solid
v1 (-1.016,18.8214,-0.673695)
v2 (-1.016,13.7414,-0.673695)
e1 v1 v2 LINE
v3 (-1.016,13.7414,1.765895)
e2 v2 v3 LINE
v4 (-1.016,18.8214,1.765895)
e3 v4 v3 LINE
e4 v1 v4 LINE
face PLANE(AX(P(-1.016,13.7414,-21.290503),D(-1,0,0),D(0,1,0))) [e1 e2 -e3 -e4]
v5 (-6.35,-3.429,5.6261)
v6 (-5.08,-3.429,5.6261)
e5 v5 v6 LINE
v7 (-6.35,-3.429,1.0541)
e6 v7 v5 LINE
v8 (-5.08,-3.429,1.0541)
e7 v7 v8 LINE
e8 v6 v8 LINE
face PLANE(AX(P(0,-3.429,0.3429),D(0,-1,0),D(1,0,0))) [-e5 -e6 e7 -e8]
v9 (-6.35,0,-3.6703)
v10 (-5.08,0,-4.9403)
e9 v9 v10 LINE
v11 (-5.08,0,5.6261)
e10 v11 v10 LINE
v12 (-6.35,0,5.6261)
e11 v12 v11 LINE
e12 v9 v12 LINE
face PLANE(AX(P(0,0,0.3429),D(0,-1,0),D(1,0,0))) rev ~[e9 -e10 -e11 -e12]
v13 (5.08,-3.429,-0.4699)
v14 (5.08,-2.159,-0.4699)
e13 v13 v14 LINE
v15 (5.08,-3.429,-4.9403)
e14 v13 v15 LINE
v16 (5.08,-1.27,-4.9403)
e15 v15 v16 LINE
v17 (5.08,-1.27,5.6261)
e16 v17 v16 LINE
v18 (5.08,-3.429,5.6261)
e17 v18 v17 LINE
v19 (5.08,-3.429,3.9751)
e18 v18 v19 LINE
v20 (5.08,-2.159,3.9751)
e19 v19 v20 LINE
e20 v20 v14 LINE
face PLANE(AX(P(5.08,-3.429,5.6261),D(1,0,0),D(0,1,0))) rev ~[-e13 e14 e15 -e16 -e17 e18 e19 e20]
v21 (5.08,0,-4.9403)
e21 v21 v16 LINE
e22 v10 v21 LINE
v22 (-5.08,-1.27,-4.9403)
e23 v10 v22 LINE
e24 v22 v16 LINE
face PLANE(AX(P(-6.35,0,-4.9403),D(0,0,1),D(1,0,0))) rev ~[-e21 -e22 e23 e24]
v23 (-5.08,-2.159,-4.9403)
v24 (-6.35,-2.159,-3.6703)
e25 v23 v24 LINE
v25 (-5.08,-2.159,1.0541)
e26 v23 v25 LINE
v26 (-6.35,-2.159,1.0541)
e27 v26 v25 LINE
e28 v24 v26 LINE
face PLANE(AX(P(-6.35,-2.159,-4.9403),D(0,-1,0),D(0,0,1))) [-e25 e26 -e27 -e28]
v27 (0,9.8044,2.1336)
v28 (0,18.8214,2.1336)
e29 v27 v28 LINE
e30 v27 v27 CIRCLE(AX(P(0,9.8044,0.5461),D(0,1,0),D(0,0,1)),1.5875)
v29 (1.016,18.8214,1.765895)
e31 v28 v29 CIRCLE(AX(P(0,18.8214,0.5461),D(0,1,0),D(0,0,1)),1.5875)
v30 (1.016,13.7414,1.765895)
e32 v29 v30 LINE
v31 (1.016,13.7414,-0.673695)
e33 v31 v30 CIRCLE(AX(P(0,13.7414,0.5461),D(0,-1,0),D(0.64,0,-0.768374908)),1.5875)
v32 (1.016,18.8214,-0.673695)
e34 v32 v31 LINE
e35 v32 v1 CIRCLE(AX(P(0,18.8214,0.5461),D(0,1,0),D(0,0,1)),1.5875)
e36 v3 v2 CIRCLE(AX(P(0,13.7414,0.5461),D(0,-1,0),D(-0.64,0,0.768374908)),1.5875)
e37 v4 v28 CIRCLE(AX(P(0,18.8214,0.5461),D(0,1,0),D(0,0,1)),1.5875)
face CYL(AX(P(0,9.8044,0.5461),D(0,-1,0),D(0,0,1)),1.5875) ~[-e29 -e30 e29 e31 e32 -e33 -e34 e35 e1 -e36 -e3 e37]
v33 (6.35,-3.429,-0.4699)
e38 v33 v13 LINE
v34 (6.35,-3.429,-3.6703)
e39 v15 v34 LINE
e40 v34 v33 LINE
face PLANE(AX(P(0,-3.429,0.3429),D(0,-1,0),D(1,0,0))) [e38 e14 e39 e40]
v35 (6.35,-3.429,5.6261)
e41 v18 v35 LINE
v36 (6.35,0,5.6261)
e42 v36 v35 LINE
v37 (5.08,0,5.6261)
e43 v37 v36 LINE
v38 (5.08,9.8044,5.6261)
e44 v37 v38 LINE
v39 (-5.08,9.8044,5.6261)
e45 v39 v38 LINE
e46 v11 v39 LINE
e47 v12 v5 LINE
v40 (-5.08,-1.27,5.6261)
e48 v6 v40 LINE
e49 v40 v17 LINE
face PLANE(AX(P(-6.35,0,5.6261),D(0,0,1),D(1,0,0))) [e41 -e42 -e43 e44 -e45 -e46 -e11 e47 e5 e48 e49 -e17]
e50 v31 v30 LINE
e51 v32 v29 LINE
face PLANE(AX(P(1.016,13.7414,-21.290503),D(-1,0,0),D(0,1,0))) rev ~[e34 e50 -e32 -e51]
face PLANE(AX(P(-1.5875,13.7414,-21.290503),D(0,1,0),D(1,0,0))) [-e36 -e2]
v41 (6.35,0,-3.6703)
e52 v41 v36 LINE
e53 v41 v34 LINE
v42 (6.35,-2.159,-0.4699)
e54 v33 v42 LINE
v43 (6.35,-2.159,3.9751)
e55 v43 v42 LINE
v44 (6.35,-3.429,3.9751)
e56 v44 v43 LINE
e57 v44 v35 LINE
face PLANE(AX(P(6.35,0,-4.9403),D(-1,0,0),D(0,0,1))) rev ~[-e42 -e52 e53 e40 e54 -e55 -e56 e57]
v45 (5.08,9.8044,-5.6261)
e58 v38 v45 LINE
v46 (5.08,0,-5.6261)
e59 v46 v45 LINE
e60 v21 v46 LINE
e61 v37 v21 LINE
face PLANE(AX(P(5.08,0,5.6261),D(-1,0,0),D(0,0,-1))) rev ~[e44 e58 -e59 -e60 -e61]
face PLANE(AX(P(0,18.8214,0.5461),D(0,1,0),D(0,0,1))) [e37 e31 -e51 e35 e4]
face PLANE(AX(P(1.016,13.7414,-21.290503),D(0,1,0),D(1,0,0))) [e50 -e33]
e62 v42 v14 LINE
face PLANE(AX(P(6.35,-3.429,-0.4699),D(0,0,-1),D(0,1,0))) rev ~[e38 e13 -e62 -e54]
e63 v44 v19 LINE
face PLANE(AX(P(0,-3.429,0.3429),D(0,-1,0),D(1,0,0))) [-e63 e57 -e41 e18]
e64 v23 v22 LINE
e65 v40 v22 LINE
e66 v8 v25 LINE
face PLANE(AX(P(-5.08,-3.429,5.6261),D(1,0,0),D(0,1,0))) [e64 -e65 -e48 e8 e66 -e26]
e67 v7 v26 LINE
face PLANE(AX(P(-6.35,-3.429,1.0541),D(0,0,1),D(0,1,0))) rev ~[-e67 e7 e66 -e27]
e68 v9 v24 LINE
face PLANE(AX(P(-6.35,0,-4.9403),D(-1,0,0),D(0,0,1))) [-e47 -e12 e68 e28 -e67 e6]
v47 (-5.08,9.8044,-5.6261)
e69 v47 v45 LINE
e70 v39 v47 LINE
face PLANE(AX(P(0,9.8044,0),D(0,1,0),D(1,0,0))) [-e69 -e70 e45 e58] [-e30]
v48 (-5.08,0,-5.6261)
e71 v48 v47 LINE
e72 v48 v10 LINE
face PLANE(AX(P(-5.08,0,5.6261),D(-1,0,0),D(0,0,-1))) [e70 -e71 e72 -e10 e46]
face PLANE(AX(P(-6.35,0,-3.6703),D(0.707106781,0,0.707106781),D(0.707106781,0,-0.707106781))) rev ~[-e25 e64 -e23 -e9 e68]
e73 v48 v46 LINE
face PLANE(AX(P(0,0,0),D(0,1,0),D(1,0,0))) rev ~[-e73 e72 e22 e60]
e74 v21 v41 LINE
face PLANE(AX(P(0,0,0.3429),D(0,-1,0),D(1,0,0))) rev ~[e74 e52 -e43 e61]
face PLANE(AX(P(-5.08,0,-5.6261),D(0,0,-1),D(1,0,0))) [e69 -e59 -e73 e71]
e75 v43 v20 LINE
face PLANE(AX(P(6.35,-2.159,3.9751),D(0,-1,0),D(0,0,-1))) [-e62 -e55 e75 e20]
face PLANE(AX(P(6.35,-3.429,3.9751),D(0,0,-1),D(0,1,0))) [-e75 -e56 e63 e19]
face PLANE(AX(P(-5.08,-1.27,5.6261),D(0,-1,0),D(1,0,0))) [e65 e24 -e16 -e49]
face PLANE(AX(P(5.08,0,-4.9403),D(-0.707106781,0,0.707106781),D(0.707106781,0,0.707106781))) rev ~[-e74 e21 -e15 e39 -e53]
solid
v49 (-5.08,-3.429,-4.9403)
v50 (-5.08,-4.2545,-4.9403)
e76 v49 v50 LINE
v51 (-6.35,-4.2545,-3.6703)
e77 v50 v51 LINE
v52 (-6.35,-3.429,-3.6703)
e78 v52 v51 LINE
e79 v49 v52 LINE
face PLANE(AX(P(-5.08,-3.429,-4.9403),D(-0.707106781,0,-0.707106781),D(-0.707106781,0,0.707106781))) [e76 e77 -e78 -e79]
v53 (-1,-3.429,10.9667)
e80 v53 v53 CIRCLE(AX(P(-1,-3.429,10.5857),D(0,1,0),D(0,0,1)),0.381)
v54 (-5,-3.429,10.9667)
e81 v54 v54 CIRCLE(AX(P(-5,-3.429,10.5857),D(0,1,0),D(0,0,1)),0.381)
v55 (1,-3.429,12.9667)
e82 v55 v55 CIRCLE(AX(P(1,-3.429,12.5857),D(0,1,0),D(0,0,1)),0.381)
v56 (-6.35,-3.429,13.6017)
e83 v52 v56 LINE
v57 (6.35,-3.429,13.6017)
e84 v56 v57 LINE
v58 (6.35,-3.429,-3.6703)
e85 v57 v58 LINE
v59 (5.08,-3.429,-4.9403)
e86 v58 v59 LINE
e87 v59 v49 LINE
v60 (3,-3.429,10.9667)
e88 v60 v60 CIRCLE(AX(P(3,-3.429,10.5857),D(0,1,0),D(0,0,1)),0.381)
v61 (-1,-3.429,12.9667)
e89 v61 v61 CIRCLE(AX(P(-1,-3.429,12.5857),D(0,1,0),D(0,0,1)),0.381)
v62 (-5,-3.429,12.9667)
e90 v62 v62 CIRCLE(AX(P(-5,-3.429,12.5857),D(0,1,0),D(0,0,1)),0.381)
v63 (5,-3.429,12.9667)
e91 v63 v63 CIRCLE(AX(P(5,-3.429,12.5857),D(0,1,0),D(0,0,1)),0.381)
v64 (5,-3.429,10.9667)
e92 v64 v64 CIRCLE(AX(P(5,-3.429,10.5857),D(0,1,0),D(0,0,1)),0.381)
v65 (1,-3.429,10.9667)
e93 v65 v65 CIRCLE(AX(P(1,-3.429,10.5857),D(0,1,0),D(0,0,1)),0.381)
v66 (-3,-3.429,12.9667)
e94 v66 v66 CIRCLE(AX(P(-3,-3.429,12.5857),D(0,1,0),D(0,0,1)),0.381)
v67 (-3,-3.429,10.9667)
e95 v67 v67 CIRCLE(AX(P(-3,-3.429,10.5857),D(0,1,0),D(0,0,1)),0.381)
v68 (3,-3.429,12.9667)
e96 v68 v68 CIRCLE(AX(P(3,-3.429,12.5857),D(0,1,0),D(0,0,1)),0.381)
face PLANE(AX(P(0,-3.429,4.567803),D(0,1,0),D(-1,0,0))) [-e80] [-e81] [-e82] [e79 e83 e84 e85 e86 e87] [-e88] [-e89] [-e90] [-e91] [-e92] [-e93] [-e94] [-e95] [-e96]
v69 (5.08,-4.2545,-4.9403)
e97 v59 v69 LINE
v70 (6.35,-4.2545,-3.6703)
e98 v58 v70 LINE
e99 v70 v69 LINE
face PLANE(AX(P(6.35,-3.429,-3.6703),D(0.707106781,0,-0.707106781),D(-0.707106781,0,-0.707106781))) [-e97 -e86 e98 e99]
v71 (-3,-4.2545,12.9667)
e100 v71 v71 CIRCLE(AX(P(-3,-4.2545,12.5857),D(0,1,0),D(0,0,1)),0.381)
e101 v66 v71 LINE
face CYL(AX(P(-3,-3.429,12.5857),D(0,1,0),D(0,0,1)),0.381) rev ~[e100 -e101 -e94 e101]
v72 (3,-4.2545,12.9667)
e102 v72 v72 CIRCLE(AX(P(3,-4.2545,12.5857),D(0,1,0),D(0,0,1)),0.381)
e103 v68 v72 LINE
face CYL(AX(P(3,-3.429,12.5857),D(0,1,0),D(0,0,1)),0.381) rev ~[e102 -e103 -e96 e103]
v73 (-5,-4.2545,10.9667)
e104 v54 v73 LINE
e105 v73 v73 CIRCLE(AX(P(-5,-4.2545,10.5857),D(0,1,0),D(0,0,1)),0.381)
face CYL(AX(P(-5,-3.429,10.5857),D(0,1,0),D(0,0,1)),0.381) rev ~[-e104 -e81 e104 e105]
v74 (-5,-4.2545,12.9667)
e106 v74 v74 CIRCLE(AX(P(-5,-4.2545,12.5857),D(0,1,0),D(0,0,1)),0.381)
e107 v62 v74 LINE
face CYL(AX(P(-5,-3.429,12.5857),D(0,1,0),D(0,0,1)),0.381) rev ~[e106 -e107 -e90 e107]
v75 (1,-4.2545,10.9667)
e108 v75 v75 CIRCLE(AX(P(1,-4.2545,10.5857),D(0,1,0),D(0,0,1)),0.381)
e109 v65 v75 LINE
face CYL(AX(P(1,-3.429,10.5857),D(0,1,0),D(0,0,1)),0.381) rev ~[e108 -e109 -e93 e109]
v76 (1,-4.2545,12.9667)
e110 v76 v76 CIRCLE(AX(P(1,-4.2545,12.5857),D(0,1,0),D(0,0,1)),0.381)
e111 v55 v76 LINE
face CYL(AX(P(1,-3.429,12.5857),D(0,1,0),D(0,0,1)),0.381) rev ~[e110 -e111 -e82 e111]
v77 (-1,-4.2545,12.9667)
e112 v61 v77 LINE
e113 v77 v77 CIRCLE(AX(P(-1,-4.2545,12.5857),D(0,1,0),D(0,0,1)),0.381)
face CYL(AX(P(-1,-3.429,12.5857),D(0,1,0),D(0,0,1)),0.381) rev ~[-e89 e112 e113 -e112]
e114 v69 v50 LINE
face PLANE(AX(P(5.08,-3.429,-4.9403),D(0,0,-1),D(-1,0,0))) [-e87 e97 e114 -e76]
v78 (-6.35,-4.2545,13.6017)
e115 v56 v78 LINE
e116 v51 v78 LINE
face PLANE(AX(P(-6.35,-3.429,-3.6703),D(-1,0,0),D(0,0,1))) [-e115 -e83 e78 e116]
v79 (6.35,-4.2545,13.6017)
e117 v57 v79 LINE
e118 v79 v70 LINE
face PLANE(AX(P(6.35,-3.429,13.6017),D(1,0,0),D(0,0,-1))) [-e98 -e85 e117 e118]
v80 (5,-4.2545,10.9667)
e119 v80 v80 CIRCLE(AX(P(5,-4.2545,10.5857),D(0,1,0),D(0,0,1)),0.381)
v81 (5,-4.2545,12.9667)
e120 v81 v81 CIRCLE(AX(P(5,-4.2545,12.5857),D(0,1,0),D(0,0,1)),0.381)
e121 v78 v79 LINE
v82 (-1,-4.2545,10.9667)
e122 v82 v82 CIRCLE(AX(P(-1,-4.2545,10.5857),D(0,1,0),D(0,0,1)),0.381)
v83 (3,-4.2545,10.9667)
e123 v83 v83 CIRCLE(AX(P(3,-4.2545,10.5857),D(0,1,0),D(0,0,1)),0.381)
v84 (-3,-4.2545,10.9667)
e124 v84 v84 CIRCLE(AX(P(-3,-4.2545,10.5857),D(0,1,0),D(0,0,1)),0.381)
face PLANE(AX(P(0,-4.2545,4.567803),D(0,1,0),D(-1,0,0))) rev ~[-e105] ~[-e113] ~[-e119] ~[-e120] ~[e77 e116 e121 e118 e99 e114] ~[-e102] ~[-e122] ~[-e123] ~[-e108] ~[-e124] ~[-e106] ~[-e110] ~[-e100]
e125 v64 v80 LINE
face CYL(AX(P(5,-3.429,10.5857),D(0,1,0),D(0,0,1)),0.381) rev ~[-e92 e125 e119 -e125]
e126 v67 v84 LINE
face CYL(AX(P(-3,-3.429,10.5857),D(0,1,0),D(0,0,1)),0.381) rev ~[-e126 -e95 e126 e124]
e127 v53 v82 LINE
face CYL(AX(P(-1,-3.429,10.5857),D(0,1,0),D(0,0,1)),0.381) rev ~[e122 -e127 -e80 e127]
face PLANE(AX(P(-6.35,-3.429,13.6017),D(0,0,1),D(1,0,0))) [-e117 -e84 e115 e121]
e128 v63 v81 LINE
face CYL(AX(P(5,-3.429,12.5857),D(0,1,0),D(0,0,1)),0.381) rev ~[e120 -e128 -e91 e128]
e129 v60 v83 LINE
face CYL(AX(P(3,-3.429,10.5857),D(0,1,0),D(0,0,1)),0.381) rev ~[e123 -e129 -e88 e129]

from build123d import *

# Parameters (mm, degrees)
SKETCH1_W            = 10.16
SKETCH1_H            = 11.2522
EXTRUDE1_DEPTH       = 9.8044
SKETCH2_R            = 1.5875
EXTRUDE2_DEPTH       = 9.017
EXTRUDE3_DEPTH       = 21.290502684
EXTRUDE3_DEPTH_BACK  = 21.290502684
SKETCH3_W            = 0.5715
SKETCH3_H            = 5.08
SKETCH4_W            = 12.7
SKETCH4_H            = 10.5664
EXTRUDE4_DEPTH       = 3.429
SKETCH5_W            = 10.16
SKETCH5_H            = 2.159
EXTRUDE5_DEPTH       = 23.829358353
SKETCH6_W            = 4.445
SKETCH6_H            = 1.27
EXTRUDE6_DEPTH       = 1.27
SKETCH7_W            = 5.9944
SKETCH7_H            = 1.27
EXTRUDE7_DEPTH       = 1.27
EXTRUDE8_REACH       = 22.645
PCB_DEPTH            = 0.8255
SKETCH10_R           = 0.381
EXTRUDE10_DEPTH      = 0.8255
LPATTERN1_COUNT      = 6
LPATTERN1_PITCH      = 2
LPATTERN1_COUNT_DIR2 = 2
LPATTERN1_PITCH_DIR2 = 2


with BuildPart() as part:
    # Sketch1 → Extrude1 (new body)
    with BuildSketch(Plane(origin=(0, 0, 0), x_dir=(1, 0, 0), z_dir=(0, 1, 0))):
        Rectangle(SKETCH1_W, SKETCH1_H)
    extrude(amount=EXTRUDE1_DEPTH)

    # Sketch2 → Extrude2 (add)
    with BuildSketch(Plane(origin=(0, 9.8044, 0), x_dir=(1, 0, 0), z_dir=(0, 1, 0))):
        with Locations(Location((0, -0.5461, 0), (0, 0, 270))):
            Circle(SKETCH2_R)
    extrude(amount=EXTRUDE2_DEPTH)

    # Sketch3 → Extrude3 (cut, two sides: drawn at the far end of the back side and taken through both)
    with BuildSketch(Plane.XY.offset(-EXTRUDE3_DEPTH_BACK)):
        with Locations((-1.30175, 16.2814)):
            Rectangle(SKETCH3_W, SKETCH3_H)
        with Locations((1.30175, 16.2814)):
            Rectangle(SKETCH3_W, SKETCH3_H)
    extrude(amount=EXTRUDE3_DEPTH + EXTRUDE3_DEPTH_BACK, mode=Mode.SUBTRACT)

    # Sketch4 → Extrude4 (add)
    with BuildSketch(Plane.XZ):
        with Locations((0, 0.3429)):
            Rectangle(SKETCH4_W, SKETCH4_H)
    extrude(amount=EXTRUDE4_DEPTH)

    # Sketch5 → Extrude5 (cut, through all)
    with BuildSketch(Plane.XY.offset(5.6261)):
        with Locations((0, -2.3495)):
            Rectangle(SKETCH5_W, SKETCH5_H)
    extrude(amount=-EXTRUDE5_DEPTH, mode=Mode.SUBTRACT)

    # Sketch6 → Extrude6 (cut)
    with BuildSketch(Plane(origin=(6.35, 0, 0), x_dir=(0, 0, -1), z_dir=(1, 0, 0))):
        with Locations((-1.7526, -2.794)):
            Rectangle(SKETCH6_W, SKETCH6_H)
    extrude(amount=-EXTRUDE6_DEPTH, mode=Mode.SUBTRACT)

    # Sketch7 → Extrude7 (cut)
    with BuildSketch(Plane.ZY.offset(6.35)):
        with Locations((-1.9431, -2.794)):
            Rectangle(SKETCH7_W, SKETCH7_H)
    extrude(amount=-EXTRUDE7_DEPTH, mode=Mode.SUBTRACT)

    # Extrude8: up to this face of the body (flat: up to its plane)
    extrude8_end = Plane(part.part.faces().sort_by_distance((5.715, -3.429, -2.7051))[0])
    # Sketch8 → Extrude8 (cut, up to the picked face)
    with BuildSketch(Plane(origin=(0, 0, 0), x_dir=(1, 0, 0), z_dir=(0, 1, 0)), mode=Mode.PRIVATE) as extrude8_sk1:
        Polygon((5.08, 4.9403), (6.35, 3.6703), (6.35, 4.9403), (6.35, 5.384756182), (-6.35, 5.384756182), (-6.35, 3.6703), (-5.08, 4.9403), align=None)
    extrude8_tool1 = split(extrude(extrude8_sk1.sketch, amount=-EXTRUDE8_REACH, mode=Mode.PRIVATE), bisect_by=extrude8_end, keep=Keep.BOTH, mode=Mode.PRIVATE)
    add(extrude8_tool1.solids().sort_by(Axis((0, 0, -5.019059), (0, -1, 0)))[0], mode=Mode.SUBTRACT)


with BuildPart() as body_2:
    # Sketch9 → PCB (new body)
    with BuildSketch(Plane.XZ.offset(3.429)):
        Polygon((5.08, -4.9403), (-5.08, -4.9403), (-6.35, -3.6703), (-6.35, 13.6017), (6.35, 13.6017), (6.35, -3.6703), align=None)
    extrude(amount=PCB_DEPTH)

    # Sketch10 → Extrude10 (cut)
    with BuildSketch(Plane(origin=(0, -3.429, 0), x_dir=(1, 0, 0), z_dir=(0, 1, 0))):
        with Locations(Location((-5, -12.5857, 0), (0, 0, 270))):
            Circle(SKETCH10_R)
    extrude10 = extrude(amount=-EXTRUDE10_DEPTH, mode=Mode.SUBTRACT)

    # LPattern1: Extrude10 6 × 2
    with Locations(*[(i * LPATTERN1_PITCH, 0, -j * LPATTERN1_PITCH_DIR2) for i in range(LPATTERN1_COUNT) for j in range(LPATTERN1_COUNT_DIR2) if (i, j) != (0, 0)]):
        add(extrude10, mode=Mode.SUBTRACT)


solid = Compound([part.part, body_2.part])
